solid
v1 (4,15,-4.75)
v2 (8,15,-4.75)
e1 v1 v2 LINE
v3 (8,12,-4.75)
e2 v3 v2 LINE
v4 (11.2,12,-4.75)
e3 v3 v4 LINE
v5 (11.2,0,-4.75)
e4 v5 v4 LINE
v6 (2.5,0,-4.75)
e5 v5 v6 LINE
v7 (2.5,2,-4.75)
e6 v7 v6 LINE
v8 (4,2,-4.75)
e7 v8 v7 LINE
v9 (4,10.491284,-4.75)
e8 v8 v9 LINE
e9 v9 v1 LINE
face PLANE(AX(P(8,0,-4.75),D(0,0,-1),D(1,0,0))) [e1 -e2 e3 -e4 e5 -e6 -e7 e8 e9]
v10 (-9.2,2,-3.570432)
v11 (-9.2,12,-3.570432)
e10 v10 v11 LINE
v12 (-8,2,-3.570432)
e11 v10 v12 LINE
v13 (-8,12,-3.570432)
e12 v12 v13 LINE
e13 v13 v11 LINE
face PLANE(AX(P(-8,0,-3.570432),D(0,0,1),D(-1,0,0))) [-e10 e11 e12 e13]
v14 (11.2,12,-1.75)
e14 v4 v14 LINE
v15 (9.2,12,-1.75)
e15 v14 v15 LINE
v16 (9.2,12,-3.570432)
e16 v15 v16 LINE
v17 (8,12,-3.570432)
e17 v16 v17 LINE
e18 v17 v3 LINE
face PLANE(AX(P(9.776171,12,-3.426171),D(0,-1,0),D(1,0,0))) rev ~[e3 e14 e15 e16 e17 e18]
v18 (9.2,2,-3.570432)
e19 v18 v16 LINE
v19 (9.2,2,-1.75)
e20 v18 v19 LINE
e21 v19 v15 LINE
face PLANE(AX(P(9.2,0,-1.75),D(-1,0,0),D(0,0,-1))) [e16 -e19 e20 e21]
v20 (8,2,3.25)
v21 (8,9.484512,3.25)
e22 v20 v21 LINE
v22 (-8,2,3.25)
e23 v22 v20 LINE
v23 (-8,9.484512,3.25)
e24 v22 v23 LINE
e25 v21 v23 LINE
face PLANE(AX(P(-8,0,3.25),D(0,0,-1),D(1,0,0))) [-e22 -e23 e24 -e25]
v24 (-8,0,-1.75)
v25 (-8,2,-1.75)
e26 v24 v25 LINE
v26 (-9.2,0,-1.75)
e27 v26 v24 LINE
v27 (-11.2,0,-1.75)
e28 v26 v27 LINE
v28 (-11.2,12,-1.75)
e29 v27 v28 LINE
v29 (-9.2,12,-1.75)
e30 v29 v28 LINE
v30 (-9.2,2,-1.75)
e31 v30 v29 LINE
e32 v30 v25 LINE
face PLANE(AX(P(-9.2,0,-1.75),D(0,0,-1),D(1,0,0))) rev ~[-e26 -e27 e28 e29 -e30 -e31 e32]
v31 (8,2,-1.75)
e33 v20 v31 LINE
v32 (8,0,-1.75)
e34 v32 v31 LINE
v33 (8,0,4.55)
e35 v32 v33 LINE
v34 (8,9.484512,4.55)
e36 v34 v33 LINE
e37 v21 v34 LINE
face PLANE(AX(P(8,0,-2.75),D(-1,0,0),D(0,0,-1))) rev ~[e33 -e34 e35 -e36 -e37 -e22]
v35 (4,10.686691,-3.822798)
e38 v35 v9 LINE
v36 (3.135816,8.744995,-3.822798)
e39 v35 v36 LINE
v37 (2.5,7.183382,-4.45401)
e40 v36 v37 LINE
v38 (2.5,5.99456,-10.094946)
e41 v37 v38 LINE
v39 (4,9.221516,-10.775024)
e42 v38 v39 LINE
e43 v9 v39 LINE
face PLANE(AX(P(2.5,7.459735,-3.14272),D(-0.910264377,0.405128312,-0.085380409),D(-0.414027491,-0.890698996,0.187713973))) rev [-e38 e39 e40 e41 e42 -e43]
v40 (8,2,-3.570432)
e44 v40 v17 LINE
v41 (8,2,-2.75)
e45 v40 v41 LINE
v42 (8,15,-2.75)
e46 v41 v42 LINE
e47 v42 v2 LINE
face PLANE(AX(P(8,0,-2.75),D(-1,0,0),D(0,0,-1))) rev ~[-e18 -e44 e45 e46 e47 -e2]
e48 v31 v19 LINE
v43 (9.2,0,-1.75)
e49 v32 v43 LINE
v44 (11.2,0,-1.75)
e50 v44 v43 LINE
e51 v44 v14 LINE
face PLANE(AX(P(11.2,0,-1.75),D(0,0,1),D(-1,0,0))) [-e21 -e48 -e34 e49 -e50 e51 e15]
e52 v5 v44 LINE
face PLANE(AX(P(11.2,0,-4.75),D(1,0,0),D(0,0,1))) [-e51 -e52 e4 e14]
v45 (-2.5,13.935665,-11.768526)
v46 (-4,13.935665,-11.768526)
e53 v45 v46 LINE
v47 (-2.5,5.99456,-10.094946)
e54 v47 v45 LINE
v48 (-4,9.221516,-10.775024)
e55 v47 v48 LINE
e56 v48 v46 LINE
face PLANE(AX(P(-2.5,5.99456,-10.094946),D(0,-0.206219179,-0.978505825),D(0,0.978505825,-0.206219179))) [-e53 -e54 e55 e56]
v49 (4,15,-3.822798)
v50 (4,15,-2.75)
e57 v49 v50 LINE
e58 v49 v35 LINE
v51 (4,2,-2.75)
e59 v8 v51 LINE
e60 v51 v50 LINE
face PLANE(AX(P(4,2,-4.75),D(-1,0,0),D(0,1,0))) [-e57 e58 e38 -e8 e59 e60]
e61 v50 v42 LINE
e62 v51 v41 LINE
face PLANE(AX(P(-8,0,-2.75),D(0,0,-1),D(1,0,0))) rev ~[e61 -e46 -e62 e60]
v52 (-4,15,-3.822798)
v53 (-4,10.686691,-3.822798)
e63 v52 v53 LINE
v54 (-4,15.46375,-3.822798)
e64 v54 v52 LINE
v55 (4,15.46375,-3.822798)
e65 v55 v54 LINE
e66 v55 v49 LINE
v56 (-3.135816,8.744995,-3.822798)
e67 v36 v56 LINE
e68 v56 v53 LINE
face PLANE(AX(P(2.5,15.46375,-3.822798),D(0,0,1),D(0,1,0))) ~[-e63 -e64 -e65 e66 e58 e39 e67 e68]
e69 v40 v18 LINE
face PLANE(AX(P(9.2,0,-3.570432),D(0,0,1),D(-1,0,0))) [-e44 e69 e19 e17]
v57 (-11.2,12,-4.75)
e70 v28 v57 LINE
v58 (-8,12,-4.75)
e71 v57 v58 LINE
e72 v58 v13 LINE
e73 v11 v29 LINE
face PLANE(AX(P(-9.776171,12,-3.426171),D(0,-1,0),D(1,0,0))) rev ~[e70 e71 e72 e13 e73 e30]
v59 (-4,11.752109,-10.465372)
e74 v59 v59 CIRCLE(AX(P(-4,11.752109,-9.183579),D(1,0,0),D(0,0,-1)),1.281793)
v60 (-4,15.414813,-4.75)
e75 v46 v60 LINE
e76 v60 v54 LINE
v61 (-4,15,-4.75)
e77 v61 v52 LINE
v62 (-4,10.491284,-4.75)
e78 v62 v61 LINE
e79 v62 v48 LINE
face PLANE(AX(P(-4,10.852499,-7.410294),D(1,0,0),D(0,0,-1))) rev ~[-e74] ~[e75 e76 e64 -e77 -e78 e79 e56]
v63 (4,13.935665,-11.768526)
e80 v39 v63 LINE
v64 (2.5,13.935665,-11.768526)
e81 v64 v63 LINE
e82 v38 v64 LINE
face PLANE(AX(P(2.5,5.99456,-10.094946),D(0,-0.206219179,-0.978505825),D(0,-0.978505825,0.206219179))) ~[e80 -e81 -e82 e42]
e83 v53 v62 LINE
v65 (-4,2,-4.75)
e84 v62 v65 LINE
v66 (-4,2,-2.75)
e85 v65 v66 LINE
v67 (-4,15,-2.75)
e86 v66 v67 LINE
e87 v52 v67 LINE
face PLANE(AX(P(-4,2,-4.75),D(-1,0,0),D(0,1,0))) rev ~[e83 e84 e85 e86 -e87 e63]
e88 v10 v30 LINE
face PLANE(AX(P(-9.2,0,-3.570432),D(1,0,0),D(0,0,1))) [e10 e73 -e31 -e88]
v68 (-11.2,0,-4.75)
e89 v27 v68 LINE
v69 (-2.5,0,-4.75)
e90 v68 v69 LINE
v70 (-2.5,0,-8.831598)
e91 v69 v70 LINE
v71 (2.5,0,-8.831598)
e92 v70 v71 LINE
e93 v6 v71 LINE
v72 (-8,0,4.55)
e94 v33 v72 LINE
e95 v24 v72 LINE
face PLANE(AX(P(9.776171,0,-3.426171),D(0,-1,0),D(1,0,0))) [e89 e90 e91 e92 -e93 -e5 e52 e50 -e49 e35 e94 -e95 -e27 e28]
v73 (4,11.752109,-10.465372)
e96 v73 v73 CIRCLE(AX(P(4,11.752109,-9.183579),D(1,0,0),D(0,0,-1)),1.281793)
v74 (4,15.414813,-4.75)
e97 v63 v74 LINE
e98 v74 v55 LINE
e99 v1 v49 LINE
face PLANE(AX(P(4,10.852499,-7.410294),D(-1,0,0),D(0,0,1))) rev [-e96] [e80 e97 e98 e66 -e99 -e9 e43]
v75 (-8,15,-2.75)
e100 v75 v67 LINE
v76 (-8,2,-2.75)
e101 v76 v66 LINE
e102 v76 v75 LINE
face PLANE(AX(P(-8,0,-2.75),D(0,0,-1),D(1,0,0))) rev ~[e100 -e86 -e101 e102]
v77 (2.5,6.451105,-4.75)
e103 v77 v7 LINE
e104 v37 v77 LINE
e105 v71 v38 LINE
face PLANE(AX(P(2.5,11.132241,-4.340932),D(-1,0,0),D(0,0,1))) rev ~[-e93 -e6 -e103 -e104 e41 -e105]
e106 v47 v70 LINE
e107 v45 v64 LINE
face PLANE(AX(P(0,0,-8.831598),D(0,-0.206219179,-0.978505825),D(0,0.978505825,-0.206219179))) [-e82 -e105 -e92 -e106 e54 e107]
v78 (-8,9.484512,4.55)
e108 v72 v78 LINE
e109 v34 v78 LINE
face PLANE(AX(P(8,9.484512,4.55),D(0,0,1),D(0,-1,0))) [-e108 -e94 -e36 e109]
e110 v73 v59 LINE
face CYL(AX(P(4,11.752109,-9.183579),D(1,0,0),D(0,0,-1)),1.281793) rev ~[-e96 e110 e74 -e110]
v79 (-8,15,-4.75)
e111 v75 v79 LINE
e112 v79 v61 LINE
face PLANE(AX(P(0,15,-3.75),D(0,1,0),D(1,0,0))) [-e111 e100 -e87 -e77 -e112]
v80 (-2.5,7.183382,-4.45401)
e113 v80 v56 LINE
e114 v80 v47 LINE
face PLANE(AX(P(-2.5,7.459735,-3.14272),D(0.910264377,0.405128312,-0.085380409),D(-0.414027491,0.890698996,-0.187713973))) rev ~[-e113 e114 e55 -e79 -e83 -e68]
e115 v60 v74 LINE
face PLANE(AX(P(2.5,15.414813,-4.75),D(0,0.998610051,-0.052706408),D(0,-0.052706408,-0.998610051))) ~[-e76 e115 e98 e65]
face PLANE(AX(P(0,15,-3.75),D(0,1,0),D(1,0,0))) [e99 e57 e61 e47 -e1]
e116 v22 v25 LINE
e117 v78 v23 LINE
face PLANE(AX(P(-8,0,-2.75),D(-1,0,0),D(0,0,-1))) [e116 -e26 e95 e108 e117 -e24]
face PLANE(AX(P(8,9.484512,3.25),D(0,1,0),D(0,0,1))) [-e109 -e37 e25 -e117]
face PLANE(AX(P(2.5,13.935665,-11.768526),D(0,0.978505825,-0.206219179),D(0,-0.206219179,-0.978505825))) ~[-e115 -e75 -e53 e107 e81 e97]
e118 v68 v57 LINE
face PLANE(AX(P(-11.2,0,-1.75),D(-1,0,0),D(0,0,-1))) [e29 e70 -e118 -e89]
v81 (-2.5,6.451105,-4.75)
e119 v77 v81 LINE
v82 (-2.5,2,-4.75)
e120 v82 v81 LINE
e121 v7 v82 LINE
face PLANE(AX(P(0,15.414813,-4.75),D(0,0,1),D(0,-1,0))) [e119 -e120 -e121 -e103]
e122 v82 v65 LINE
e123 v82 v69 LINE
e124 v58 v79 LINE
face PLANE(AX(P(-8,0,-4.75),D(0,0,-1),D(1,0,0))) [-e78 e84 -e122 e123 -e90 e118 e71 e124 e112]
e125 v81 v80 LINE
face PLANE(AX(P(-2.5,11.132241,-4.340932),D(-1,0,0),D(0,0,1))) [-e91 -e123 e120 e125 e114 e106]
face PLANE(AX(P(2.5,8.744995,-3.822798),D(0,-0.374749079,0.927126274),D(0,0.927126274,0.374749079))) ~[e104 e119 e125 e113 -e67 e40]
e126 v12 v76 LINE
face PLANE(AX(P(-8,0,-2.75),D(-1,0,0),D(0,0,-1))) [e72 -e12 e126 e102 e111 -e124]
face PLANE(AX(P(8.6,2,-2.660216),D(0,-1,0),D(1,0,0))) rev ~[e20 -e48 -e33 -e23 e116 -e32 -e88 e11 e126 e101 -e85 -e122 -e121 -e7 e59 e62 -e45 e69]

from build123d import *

# Parameters (mm, degrees)
SKETCH_1_W          = 16
SKETCH_1_H          = 6
EXTRUDE_1_DEPTH     = 2
SKETCH_1_3_W        = 16
SKETCH_1_3_H        = 2
SKETCH_1_3_H_2      = 1.5
EXTRUDE_2_DEPTH     = 15
SKETCH_2_W          = 8
SKETCH_2_H          = 26
CUT_EXTRUDE_1_DEPTH = 2
EXTRUDE_3_DEPTH     = 2.5
EXTRUDE_4_DEPTH     = 5
EXTRUDE_5_DEPTH     = 1.5
SKETCH_9_W          = 1.2
SKETCH_9_H          = 1.820432063
EXTRUDE_6_DEPTH     = 2
EXTRUDE_7_DEPTH     = 12
CUT_EXTRUDE_START   = -7.10494
CUT_EXTRUDE_2_DEPTH = 7.10494
SKETCH_12_R         = 1.281793471
CUT_EXTRUDE_3_DEPTH = 10
CUT_EXTRUDE_4_DEPTH = 20.2


with BuildPart() as part:
    # 草图1 → 凸台-拉伸1 (new body)
    with BuildSketch(Plane(origin=(0, 0, 0), x_dir=(1, 0, 0), z_dir=(0, 1, 0))):
        with Locations((0, -0.25)):
            Rectangle(SKETCH_1_W, SKETCH_1_H)
    extrude(amount=EXTRUDE_1_DEPTH)

    # 草图1<3> → 凸台-拉伸2 (add)
    with BuildSketch(Plane(origin=(0, 0, 0), x_dir=(1, 0, 0), z_dir=(0, 1, 0))):
        with Locations((0, 3.75)):
            Rectangle(SKETCH_1_3_W, SKETCH_1_3_H)
        with Locations((0, -4)):
            Rectangle(SKETCH_1_3_W, SKETCH_1_3_H_2)
    extrude(amount=EXTRUDE_2_DEPTH)

    # 草图2 → 切除-拉伸1 (cut)
    with BuildSketch(Plane(origin=(0, 0, -4.75), x_dir=(-1, 0, 0), z_dir=(0, 0, -1))):
        with Locations((0, 15)):
            Rectangle(SKETCH_2_W, SKETCH_2_H)
    extrude(amount=-CUT_EXTRUDE_1_DEPTH, mode=Mode.SUBTRACT)

    # 草图3 → 凸台-拉伸3 (add, symmetric)
    with BuildSketch(Plane(origin=(0, 0, 0), x_dir=(0, 0, -1), z_dir=(1, 0, 0))):
        Polygon((4.75, 0), (8.831597644, 0), (11.768525918, 13.935665169), (4.75, 15.414812878), align=None)
    extrude(amount=EXTRUDE_3_DEPTH, both=True)

    # 草图5 → 凸台-拉伸4 (add)
    with BuildSketch(Plane(origin=(2.5, 0, 0), x_dir=(0, 0, -1), z_dir=(1, 0, 0))):
        Polygon((4.75, 6.451105389), (3.822798244, 8.744995241), (3.822798244, 15.463750373), (4.75, 15.414812878), align=None)
    extrude(amount=-EXTRUDE_4_DEPTH)

    # 草图6 → 凸台-拉伸5 (add)
    with BuildSketch(Plane.ZY.offset(2.5)):
        Polygon((-4.75, 6.451105389), (-10.094945569, 5.994560313), (-11.768525918, 13.935665169), (-4.75, 15.414812878), (-3.822798244, 15.463750373), (-3.822798244, 8.744995241), align=None)
    extrude_5 = extrude(amount=EXTRUDE_5_DEPTH)

    # 草图9 → 凸台-拉伸6 (add)
    with BuildSketch(Plane.XZ):
        with Locations((8.6, -2.660216032)):
            Rectangle(SKETCH_9_W, SKETCH_9_H)
        with Locations((-8.6, -2.660216032)):
            Rectangle(SKETCH_9_W, SKETCH_9_H)
    extrude(amount=-EXTRUDE_6_DEPTH)

    # 草图9<3> → 凸台-拉伸7 (add)
    with BuildSketch(Plane.XZ):
        Polygon((8, -3.570432063), (8, -4.75), (11.2, -4.75), (11.2, -1.75), (9.2, -1.75), (9.2, -3.570432063), align=None)
        Polygon((-8, -4.75), (-8, -3.570432063), (-9.2, -3.570432063), (-9.2, -1.75), (-11.2, -1.75), (-11.2, -4.75), align=None)
    extrude(amount=-EXTRUDE_7_DEPTH)

    # 草图11 → 切除-拉伸2 (cut)
    with BuildSketch(Plane(origin=(0, -1.782098659, -8.456022034), x_dir=(-1, 0, 0), z_dir=(0, -0.206219179, -0.978505825)).offset(CUT_EXTRUDE_START)):
        Polygon((2.5, 7.947483572), (4, 11.245323919), (4, 7.947483572), (4, 5.815044055), (2.5, 5.815044055), align=None)
    cut_extrude_2 = extrude(amount=CUT_EXTRUDE_2_DEPTH, mode=Mode.SUBTRACT)

    # 镜向1: 凸台-拉伸5, 切除-拉伸2 across plane
    add(extrude_5.mirror(Plane(origin=(0, 0, 0), x_dir=(0, 0, 1), z_dir=(1, 0, 0))))
    add(cut_extrude_2.mirror(Plane(origin=(0, 0, 0), x_dir=(0, 0, 1), z_dir=(1, 0, 0))), mode=Mode.SUBTRACT)

    # 草图12 → 切除-拉伸3 (cut)
    with BuildSketch(Plane(origin=(4, 0, 0), x_dir=(0, 0, -1), z_dir=(1, 0, 0))):
        with Locations((9.183579002, 11.7521089)):
            Circle(SKETCH_12_R)
    extrude(amount=-CUT_EXTRUDE_3_DEPTH, mode=Mode.SUBTRACT)

    # 草图13 → 切除-拉伸4 (cut, through all)
    with BuildSketch(Plane(origin=(8, 0, 0), x_dir=(0, 0, -1), z_dir=(1, 0, 0))):
        Polygon((-3.25, 9.484512334), (-4.55, 9.484512334), (-4.55, 0), (-4.75, 0), (-4.75, 15), (-3.25, 15), align=None)
    extrude(amount=-CUT_EXTRUDE_4_DEPTH, mode=Mode.SUBTRACT)


solid = part.part
